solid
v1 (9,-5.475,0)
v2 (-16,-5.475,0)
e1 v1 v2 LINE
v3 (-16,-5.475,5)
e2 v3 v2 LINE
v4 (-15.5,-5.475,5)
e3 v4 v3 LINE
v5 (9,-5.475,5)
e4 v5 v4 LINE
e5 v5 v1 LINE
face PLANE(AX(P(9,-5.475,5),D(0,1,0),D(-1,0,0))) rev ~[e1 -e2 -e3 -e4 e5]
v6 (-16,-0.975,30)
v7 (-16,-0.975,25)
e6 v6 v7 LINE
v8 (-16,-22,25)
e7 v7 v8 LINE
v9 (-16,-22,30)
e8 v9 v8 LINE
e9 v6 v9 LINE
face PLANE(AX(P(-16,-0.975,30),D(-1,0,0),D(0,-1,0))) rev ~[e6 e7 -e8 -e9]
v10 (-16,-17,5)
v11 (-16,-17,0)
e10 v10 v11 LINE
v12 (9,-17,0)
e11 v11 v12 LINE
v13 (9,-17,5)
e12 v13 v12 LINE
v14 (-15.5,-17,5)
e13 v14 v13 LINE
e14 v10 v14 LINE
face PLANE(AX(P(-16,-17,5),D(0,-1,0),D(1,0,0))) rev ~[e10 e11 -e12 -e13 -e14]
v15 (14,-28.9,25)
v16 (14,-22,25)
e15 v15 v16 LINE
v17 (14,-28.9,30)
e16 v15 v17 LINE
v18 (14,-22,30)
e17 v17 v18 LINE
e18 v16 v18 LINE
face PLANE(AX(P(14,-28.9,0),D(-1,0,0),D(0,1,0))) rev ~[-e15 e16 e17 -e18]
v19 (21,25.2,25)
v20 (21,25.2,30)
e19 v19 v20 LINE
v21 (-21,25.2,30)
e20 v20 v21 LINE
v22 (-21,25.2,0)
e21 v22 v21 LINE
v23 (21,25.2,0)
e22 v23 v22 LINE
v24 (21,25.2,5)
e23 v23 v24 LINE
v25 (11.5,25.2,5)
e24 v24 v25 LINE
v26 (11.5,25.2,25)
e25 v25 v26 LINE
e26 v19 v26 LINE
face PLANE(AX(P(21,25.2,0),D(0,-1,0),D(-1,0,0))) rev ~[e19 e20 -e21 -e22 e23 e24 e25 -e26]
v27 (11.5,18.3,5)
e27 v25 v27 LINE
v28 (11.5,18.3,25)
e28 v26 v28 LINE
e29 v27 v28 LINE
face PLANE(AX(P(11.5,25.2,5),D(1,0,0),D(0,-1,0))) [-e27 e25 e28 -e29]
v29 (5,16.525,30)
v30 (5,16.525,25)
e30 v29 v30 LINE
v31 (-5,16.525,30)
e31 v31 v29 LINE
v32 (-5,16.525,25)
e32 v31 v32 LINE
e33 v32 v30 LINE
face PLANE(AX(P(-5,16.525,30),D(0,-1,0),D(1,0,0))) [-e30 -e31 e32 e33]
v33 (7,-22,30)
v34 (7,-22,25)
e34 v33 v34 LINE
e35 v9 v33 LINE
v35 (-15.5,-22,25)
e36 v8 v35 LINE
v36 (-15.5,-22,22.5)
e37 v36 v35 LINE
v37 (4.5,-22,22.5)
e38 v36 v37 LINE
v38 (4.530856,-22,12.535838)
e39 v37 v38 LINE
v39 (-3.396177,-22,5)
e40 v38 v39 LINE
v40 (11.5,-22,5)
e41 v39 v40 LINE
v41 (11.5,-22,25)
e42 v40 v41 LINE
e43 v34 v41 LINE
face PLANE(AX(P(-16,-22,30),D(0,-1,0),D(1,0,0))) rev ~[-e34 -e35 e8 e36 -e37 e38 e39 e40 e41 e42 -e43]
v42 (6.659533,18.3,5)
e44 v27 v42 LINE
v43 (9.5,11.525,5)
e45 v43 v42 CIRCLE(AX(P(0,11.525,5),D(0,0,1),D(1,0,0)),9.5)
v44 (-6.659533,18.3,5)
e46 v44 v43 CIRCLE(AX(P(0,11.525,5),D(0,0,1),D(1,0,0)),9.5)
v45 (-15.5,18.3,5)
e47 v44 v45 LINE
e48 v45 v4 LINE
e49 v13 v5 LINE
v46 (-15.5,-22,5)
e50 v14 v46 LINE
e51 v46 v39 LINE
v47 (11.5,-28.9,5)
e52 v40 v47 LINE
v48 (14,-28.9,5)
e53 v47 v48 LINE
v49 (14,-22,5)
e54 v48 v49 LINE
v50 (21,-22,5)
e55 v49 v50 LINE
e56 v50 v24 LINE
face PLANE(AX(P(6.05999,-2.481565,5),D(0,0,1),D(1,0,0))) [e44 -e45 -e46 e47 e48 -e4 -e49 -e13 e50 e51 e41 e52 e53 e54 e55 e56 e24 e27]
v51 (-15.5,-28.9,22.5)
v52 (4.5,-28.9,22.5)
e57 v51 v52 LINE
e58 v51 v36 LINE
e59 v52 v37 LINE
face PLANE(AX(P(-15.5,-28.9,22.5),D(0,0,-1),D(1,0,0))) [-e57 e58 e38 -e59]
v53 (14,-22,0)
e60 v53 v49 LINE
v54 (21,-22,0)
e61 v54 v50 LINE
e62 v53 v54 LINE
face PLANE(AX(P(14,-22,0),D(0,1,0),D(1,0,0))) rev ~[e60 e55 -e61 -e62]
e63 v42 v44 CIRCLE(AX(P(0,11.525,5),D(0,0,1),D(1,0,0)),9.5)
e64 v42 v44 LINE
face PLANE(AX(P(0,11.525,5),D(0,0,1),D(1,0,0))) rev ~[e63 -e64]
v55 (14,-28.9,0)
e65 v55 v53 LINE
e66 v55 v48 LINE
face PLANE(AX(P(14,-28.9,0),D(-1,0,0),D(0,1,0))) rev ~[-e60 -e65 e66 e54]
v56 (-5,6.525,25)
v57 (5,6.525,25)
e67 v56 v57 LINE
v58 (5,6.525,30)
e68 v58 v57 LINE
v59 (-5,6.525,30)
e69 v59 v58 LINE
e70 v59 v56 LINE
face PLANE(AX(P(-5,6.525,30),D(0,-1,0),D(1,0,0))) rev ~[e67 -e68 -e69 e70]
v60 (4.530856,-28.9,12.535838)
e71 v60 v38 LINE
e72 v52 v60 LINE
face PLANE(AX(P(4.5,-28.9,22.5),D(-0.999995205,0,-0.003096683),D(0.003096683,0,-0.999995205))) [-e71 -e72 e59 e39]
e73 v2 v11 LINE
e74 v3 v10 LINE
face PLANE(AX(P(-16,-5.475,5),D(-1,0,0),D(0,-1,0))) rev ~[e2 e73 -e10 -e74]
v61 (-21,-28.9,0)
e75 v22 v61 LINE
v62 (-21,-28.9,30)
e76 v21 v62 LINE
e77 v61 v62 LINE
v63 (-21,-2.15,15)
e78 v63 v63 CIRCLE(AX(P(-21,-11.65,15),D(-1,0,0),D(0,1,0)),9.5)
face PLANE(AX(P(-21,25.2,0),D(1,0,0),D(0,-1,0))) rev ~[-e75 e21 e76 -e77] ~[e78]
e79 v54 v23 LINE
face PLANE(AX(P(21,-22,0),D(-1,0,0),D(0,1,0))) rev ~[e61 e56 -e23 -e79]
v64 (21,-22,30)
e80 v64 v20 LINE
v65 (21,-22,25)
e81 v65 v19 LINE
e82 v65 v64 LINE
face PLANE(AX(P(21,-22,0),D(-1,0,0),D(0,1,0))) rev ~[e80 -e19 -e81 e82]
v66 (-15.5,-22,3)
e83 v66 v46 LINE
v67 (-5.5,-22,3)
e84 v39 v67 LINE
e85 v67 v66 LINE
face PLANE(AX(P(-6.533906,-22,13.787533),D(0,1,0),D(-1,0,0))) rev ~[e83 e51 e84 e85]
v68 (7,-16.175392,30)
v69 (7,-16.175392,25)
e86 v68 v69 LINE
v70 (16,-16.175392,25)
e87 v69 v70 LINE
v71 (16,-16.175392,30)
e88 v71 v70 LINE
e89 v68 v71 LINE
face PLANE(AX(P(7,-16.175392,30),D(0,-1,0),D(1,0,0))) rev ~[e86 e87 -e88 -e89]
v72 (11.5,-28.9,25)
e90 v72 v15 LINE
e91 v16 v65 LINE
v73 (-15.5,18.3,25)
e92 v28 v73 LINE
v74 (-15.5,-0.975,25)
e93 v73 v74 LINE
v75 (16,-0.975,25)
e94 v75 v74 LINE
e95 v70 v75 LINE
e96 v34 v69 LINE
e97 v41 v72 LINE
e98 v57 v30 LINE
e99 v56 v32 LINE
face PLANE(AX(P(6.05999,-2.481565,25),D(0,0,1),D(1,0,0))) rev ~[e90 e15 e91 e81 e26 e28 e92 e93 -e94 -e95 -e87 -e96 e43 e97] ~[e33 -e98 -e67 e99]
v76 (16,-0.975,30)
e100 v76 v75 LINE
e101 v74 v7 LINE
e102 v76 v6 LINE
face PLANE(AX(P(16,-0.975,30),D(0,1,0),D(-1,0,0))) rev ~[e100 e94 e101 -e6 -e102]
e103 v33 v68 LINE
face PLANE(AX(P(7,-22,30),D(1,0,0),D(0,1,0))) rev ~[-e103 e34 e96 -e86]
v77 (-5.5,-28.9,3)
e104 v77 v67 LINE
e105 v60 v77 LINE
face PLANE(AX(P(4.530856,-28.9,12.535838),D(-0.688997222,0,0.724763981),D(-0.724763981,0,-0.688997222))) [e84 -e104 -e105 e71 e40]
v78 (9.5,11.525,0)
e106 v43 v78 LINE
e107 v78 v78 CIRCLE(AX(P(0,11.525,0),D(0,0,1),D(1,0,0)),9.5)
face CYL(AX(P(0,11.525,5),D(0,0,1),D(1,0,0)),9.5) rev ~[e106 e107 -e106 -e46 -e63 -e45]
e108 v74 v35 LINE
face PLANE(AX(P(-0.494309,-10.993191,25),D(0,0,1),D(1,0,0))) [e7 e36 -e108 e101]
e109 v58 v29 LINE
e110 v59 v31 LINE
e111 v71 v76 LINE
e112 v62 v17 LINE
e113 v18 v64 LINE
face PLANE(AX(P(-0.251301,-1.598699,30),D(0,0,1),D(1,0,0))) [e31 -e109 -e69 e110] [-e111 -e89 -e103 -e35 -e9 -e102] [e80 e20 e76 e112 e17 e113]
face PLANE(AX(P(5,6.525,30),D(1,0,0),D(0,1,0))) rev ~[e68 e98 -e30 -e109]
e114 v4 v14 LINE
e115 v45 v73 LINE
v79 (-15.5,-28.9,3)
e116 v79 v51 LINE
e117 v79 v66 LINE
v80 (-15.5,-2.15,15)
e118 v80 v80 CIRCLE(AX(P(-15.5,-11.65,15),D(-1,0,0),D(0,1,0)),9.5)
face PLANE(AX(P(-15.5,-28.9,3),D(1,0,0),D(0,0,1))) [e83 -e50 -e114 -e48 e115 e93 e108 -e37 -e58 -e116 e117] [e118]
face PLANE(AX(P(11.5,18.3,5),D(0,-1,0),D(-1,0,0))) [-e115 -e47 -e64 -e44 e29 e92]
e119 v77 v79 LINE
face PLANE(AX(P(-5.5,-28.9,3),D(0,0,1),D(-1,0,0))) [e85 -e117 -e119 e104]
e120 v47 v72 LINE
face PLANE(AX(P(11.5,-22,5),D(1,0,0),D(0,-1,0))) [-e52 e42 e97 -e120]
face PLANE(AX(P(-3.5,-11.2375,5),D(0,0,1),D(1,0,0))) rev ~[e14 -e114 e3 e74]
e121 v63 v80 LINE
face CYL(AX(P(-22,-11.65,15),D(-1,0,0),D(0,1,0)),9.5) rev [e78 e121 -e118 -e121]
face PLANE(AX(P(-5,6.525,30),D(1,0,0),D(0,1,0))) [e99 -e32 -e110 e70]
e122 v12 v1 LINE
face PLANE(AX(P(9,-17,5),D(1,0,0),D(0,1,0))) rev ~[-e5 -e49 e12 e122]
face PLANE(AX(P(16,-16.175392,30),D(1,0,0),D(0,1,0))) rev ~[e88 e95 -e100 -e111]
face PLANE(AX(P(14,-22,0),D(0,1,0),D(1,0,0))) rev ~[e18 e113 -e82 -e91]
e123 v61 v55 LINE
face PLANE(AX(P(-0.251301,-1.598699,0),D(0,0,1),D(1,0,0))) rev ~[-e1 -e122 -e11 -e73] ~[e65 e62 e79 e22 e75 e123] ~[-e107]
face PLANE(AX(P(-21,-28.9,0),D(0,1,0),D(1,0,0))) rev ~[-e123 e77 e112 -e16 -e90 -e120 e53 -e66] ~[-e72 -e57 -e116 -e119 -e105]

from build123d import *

# Parameters (mm, degrees)
PAD_DEPTH       = 30
POCKET_DEPTH    = 20
POCKET001_DEPTH = 6.9
SKETCH004_R     = 9.5
POCKET002_DEPTH = 5
SKETCH005_W     = 10
SKETCH005_H     = 10
POCKET003_DEPTH = 5
SKETCH006_R     = 9.5
POCKET004_DEPTH = 56


with BuildPart() as part:
    # Sketch → Pad (new body)
    with BuildSketch(Plane.XY):
        Polygon((-21, 25.2), (-21, -28.9), (14, -28.9), (14, -22), (21, -22), (21, 25.2), align=None)
    extrude(amount=PAD_DEPTH)

    # Sketch001 → Pocket (cut)
    with BuildSketch(Plane.XY.offset(5)):
        Polygon((-15.5, 18.3), (-15.5, -22), (11.5, -22), (11.5, -28.9), (14, -28.9), (14, -22), (21, -22), (21, -18), (27.5, -18), (27.5, -12), (21, -12), (21, 12.2), (21, 12.2), (21, 18.2), (21, 18.2), (21, 25.2), (11.5, 25.2), (11.5, 18.3), align=None)
    extrude(amount=POCKET_DEPTH, mode=Mode.SUBTRACT)

    # Sketch003 → Pocket001 (cut)
    with BuildSketch(Plane(origin=(-15.5, -28.9, 3), x_dir=(1, 0, 0), z_dir=(0, -1, 0))):
        Polygon((20.030856, 9.535838), (10, 0), (0, 0), (0, 19.5), (20, 19.5), align=None)
    extrude(amount=-POCKET001_DEPTH, mode=Mode.SUBTRACT)

    # Sketch004 → Pocket002 (cut)
    with BuildSketch(Plane.XY.offset(5)):
        with Locations((0, 11.525)):
            Circle(SKETCH004_R)
        Polygon((-16, -5.475), (-16, -17), (9, -17), (9, -16.114332), (9, -5.475), align=None)
    extrude(amount=-POCKET002_DEPTH, mode=Mode.SUBTRACT)

    # Sketch005 → Pocket003 (cut)
    with BuildSketch(Plane.XY.offset(30)):
        Polygon((-16, -0.975), (-16, -22), (7, -22), (7, -16.175392), (16, -16.175392), (16, -0.975), align=None)
        with Locations((0, 11.525)):
            Rectangle(SKETCH005_W, SKETCH005_H)
    extrude(amount=-POCKET003_DEPTH, mode=Mode.SUBTRACT)

    # Sketch006 → Pocket004 (cut)
    with BuildSketch(Plane.YZ.offset(-22)):
        with Locations((-11.65, 15)):
            Circle(SKETCH006_R)
    extrude(amount=POCKET004_DEPTH, mode=Mode.SUBTRACT)


solid = part.part
